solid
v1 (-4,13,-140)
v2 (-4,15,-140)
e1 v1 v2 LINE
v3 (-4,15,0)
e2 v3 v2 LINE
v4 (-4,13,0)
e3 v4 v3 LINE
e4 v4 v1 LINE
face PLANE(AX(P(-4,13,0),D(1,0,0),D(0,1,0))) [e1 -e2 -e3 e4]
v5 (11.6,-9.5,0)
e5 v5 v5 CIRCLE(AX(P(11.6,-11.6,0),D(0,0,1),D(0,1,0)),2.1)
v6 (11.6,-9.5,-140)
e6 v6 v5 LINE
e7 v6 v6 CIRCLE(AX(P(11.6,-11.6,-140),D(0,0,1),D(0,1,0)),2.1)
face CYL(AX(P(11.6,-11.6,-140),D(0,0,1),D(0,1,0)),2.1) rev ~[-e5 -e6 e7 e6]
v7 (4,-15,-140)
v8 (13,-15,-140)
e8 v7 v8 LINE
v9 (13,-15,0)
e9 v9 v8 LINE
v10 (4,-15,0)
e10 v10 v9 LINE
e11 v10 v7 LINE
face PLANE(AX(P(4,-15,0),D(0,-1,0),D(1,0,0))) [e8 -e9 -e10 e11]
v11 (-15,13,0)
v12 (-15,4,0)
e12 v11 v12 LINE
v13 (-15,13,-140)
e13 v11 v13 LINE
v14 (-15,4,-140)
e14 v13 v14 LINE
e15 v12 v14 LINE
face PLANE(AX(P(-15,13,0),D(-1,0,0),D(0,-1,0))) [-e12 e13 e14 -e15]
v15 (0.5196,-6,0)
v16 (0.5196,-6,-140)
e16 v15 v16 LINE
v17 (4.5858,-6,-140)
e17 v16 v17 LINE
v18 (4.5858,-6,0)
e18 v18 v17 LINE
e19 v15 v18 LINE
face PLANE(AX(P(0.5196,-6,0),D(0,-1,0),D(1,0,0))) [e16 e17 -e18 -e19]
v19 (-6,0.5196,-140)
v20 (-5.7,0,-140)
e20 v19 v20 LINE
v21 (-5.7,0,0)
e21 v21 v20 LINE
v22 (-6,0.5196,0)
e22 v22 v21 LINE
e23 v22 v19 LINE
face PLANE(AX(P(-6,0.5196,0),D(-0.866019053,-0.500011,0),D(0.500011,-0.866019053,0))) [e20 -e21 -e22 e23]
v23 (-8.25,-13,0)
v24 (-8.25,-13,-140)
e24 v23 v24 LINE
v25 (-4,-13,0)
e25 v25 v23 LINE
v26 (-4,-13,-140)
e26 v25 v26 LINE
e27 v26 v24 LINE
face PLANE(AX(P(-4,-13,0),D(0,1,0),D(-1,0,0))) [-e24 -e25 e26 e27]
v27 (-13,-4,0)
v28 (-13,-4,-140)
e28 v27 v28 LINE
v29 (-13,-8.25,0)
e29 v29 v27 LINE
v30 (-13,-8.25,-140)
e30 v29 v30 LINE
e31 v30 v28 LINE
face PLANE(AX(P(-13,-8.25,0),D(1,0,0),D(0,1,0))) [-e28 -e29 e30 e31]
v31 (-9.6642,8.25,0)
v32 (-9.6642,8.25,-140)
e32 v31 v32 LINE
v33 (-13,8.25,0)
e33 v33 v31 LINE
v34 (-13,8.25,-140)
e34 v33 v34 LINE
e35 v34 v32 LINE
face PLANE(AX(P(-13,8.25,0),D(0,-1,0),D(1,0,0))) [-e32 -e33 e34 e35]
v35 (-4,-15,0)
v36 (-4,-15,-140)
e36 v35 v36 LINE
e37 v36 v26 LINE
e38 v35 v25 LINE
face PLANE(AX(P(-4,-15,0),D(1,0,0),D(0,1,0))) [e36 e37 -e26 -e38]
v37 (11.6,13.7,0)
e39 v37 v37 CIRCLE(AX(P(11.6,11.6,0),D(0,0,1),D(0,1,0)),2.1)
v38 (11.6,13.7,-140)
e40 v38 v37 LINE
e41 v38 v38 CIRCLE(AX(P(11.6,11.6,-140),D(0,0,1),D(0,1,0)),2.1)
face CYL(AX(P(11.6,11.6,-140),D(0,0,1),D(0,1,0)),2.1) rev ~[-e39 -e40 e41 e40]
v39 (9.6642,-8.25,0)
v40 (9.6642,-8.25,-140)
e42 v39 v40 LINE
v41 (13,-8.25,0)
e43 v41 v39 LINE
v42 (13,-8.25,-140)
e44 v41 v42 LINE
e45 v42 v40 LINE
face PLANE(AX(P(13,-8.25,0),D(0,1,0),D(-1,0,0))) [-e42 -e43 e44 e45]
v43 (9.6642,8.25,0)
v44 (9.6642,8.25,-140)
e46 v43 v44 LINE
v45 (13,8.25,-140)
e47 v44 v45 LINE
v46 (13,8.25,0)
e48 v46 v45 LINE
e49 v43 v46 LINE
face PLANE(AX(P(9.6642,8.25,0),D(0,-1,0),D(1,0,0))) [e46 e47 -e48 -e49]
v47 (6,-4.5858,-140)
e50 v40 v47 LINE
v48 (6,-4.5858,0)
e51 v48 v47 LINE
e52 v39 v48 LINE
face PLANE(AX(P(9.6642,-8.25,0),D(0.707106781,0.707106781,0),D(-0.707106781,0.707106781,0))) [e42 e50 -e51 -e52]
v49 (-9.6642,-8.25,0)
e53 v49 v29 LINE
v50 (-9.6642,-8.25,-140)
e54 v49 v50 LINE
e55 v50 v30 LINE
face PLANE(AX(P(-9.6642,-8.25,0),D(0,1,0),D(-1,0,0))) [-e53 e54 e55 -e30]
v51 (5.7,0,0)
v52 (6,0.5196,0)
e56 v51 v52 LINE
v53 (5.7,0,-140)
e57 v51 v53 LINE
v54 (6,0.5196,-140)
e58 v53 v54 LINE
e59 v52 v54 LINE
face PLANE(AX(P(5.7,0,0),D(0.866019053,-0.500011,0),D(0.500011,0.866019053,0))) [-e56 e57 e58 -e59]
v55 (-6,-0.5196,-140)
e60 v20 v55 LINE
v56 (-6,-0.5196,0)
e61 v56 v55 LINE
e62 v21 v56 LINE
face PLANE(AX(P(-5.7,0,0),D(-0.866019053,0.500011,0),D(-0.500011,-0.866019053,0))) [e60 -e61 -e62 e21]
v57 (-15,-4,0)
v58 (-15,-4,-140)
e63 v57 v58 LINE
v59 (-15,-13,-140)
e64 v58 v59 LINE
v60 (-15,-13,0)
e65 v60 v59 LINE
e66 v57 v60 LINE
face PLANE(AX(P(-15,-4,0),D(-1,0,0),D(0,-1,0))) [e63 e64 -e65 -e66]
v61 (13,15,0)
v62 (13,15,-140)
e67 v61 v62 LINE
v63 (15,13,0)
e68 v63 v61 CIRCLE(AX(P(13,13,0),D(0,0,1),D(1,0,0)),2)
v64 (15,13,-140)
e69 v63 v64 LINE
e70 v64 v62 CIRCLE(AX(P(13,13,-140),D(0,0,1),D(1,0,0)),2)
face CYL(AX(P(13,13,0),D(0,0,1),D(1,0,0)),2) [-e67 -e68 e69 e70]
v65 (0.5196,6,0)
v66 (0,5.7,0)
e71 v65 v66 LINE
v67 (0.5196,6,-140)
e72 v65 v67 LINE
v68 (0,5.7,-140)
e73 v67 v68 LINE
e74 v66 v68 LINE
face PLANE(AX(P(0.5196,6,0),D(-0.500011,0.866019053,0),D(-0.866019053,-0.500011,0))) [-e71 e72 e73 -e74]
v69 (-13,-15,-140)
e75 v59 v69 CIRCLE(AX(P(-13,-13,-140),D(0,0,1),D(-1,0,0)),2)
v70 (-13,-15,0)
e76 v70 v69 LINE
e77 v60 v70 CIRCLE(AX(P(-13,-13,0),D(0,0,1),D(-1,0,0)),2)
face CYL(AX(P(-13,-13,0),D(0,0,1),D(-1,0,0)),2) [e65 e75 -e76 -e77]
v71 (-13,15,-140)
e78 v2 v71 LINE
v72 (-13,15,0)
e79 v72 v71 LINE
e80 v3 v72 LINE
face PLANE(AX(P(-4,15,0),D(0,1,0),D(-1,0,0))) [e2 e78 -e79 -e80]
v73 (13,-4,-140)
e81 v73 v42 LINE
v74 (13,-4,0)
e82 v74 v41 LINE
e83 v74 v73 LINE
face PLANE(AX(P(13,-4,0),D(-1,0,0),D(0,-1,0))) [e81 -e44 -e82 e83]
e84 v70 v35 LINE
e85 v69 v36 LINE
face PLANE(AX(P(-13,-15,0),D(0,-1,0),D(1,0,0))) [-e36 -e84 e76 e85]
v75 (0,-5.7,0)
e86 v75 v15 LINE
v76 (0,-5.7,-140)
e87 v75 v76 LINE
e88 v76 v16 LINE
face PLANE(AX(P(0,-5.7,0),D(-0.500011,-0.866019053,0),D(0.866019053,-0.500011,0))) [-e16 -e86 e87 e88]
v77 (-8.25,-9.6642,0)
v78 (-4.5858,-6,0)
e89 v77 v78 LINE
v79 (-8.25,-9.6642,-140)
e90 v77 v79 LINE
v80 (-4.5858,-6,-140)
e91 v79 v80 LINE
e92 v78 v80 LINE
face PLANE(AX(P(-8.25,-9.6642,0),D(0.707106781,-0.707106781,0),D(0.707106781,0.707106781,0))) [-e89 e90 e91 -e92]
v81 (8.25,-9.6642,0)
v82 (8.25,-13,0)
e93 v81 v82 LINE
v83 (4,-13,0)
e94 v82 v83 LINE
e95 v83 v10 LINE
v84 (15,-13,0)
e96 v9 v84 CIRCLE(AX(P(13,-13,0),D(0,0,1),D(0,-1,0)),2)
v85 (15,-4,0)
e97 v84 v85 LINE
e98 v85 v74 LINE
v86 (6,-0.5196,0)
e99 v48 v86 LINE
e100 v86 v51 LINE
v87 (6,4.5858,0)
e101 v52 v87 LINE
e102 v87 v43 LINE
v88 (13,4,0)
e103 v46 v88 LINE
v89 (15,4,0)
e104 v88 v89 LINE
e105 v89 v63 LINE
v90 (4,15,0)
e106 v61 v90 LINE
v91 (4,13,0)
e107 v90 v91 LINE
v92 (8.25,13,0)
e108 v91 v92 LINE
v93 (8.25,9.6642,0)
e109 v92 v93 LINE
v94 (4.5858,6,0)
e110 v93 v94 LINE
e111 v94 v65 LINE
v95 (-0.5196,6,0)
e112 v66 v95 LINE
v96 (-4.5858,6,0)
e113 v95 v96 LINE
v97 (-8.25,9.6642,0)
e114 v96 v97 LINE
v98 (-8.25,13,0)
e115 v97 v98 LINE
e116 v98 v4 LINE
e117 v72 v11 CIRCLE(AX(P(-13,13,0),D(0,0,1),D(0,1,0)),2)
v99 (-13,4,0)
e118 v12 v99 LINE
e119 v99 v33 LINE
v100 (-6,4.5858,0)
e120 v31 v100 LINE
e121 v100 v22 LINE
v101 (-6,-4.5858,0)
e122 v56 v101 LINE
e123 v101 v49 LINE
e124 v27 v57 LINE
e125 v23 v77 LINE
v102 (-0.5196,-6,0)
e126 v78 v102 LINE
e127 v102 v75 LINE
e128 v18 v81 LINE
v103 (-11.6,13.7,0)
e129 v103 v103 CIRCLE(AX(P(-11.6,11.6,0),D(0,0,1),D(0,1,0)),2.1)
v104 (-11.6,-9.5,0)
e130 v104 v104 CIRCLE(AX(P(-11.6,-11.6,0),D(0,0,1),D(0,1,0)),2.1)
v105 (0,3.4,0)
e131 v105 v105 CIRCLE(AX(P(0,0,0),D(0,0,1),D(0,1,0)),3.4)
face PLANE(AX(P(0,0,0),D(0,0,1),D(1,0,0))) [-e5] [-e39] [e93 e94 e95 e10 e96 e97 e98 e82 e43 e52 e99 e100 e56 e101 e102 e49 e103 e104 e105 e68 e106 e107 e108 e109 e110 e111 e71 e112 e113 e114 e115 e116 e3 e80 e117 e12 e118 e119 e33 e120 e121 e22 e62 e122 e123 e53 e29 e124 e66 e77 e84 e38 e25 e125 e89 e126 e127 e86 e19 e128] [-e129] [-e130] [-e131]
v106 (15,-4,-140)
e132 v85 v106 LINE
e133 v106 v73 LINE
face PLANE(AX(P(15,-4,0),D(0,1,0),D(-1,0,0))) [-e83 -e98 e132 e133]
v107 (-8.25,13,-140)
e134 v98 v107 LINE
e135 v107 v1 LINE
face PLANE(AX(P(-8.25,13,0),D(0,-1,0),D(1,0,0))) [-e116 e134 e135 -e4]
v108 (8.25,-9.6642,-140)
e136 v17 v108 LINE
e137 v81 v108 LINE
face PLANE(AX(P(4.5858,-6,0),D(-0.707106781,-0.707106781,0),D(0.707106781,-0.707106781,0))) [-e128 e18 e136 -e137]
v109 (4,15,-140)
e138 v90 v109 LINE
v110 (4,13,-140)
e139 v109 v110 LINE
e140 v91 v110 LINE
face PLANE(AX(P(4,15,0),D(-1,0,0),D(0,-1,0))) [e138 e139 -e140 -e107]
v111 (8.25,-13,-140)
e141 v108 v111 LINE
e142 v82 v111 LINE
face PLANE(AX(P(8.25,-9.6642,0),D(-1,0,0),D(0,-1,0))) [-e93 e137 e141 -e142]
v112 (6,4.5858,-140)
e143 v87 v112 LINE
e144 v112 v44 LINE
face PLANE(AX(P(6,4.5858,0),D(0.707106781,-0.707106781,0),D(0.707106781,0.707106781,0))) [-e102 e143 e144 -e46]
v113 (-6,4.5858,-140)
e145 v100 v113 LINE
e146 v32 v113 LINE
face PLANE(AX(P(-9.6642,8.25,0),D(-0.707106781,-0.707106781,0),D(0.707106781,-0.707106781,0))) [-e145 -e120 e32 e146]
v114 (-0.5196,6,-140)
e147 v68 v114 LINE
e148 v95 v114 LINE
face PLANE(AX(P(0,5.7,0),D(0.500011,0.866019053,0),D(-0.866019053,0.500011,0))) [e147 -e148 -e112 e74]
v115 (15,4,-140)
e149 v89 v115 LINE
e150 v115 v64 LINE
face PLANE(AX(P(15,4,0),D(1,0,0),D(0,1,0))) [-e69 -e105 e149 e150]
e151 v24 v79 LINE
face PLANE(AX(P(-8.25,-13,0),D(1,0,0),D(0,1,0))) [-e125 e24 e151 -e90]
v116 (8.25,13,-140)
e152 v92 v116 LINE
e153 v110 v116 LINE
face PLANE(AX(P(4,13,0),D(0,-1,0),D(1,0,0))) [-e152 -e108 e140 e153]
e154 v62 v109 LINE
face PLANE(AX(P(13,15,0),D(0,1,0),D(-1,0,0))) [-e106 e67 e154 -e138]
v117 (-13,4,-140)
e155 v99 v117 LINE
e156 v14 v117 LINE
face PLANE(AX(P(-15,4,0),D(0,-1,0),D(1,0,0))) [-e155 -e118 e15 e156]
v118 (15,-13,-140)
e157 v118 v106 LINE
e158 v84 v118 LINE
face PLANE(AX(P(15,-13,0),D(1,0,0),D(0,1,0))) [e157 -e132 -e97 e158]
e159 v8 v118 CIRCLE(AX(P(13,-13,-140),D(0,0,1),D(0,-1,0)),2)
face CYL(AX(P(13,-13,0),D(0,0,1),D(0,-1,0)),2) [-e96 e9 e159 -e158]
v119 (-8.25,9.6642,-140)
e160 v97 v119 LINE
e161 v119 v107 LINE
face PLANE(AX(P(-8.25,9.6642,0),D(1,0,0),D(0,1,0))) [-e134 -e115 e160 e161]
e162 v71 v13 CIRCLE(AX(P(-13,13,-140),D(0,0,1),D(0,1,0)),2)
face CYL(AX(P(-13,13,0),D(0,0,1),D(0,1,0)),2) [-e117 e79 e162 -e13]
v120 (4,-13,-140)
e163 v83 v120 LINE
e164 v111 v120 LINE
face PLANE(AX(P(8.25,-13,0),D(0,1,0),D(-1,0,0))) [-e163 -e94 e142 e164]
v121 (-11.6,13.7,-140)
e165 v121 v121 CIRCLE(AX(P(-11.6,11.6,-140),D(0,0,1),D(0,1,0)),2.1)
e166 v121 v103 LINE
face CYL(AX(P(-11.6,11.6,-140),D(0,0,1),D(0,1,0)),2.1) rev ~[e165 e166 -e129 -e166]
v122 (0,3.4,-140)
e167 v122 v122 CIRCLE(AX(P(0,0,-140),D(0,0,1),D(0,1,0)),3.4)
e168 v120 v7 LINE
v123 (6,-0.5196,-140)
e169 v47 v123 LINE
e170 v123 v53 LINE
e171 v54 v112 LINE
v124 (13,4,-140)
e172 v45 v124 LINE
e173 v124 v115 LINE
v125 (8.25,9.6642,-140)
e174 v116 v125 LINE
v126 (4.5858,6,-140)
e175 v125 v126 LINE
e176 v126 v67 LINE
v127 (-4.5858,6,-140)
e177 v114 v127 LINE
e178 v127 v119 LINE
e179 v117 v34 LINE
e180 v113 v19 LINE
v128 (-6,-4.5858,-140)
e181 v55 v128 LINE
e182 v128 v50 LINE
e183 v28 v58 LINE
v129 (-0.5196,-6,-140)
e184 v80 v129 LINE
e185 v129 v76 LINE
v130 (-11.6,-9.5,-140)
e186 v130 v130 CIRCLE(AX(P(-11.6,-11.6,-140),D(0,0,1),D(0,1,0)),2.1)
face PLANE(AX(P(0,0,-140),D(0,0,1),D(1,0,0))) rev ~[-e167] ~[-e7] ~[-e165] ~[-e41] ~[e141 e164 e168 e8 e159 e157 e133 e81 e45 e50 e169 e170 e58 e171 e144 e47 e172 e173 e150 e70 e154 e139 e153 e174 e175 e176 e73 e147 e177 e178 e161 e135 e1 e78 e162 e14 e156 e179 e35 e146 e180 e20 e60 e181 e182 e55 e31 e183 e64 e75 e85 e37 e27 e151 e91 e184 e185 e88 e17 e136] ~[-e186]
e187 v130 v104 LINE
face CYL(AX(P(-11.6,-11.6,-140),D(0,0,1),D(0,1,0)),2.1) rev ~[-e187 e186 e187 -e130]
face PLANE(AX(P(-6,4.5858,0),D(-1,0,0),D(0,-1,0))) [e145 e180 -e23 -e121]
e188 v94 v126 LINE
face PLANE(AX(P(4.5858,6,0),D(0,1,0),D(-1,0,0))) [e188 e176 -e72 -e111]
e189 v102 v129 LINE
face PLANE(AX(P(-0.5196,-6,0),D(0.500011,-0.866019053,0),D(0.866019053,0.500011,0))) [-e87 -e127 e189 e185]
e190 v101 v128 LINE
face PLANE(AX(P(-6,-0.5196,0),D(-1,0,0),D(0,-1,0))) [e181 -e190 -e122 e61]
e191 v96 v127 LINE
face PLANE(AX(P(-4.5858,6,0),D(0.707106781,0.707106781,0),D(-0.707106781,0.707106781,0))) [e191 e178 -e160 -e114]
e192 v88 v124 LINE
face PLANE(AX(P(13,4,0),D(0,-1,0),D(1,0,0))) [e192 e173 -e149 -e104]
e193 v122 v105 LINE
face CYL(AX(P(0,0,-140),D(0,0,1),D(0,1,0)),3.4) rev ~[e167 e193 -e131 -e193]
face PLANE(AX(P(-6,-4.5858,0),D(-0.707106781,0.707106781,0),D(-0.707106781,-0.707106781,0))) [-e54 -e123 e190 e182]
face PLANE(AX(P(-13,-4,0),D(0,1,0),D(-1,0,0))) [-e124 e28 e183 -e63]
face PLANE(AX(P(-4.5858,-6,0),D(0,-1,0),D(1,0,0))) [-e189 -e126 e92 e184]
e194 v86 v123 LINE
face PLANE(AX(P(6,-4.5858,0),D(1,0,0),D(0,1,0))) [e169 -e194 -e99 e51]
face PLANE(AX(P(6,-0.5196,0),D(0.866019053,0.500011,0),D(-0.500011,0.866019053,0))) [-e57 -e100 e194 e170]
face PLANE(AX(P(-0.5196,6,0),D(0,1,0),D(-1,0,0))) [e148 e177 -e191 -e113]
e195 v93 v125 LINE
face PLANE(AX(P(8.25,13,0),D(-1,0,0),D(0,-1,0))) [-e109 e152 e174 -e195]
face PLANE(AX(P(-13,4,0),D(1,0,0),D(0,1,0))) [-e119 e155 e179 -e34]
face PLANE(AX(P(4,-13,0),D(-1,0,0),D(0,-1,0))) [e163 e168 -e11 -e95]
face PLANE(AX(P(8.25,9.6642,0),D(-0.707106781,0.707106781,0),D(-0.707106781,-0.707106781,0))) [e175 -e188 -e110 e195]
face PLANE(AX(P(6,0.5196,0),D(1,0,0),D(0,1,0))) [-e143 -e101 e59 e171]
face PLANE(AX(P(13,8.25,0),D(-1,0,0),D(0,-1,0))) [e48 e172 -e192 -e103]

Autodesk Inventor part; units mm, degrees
sketch "Sketch_1" plane through (0, 0, 0) normal (0, 0, 1) x (1, 0, 0)
  line L0 (-15, 4) -> (-13, 4)
  line L1 (-13, 4) -> (-13, 8.25)
  line L2 (-13, 8.25) -> (-9.6642, 8.25)
  line L3 (-9.6642, 8.25) -> (-6, 4.5858)
  line L4 (-6, 4.5858) -> (-6, 0.5196)
  line L5 (-6, 0.5196) -> (-5.7, 0)
  line L6 (-5.7, 0) -> (-6, -0.5196)
  line L7 (-6, -0.5196) -> (-6, -4.5858)
  line L8 (-6, -4.5858) -> (-9.6642, -8.25)
  line L9 (-9.6642, -8.25) -> (-13, -8.25)
  line L10 (-13, -8.25) -> (-13, -4)
  line L11 (-13, -4) -> (-15, -4)
  line L12 (-15, -4) -> (-15, -13)
  arc A0 (-15, -13) -> (-13, -15) centre (-13, -13) ccw
  line L13 (-13, -15) -> (-4, -15)
  line L14 (-4, -15) -> (-4, -13)
  line L15 (-4, -13) -> (-8.25, -13)
  line L16 (-8.25, -13) -> (-8.25, -9.6642)
  line L17 (-8.25, -9.6642) -> (-4.5858, -6)
  line L18 (-4.5858, -6) -> (-0.5196, -6)
  line L19 (-0.5196, -6) -> (0, -5.7)
  line L20 (0, -5.7) -> (0.5196, -6)
  line L21 (0.5196, -6) -> (4.5858, -6)
  line L22 (4.5858, -6) -> (8.25, -9.6642)
  line L23 (8.25, -9.6642) -> (8.25, -13)
  line L24 (8.25, -13) -> (4, -13)
  line L25 (4, -13) -> (4, -15)
  line L26 (4, -15) -> (13, -15)
  arc A1 (13, -15) -> (15, -13) centre (13, -13) ccw
  line L27 (15, -13) -> (15, -4)
  line L28 (15, -4) -> (13, -4)
  line L29 (13, -4) -> (13, -8.25)
  line L30 (13, -8.25) -> (9.6642, -8.25)
  line L31 (9.6642, -8.25) -> (6, -4.5858)
  line L32 (6, -4.5858) -> (6, -0.5196)
  line L33 (6, -0.5196) -> (5.7, 0)
  line L34 (5.7, 0) -> (6, 0.5196)
  line L35 (6, 0.5196) -> (6, 4.5858)
  line L36 (6, 4.5858) -> (9.6642, 8.25)
  line L37 (9.6642, 8.25) -> (13, 8.25)
  line L38 (13, 8.25) -> (13, 4)
  line L39 (13, 4) -> (15, 4)
  line L40 (15, 4) -> (15, 13)
  arc A2 (15, 13) -> (13, 15) centre (13, 13) ccw
  line L41 (13, 15) -> (4, 15)
  line L42 (4, 15) -> (4, 13)
  line L43 (4, 13) -> (8.25, 13)
  line L44 (8.25, 13) -> (8.25, 9.6642)
  line L45 (8.25, 9.6642) -> (4.5858, 6)
  line L46 (4.5858, 6) -> (0.5196, 6)
  line L47 (0.5196, 6) -> (0, 5.7)
  line L48 (0, 5.7) -> (-0.5196, 6)
  line L49 (-0.5196, 6) -> (-4.5858, 6)
  line L50 (-4.5858, 6) -> (-8.25, 9.6642)
  line L51 (-8.25, 9.6642) -> (-8.25, 13)
  line L52 (-8.25, 13) -> (-4, 13)
  line L53 (-4, 13) -> (-4, 15)
  line L54 (-4, 15) -> (-13, 15)
  arc A3 (-13, 15) -> (-15, 13) centre (-13, 13) ccw
  line L55 (-15, 13) -> (-15, 4)
extrude "Extrusion1" add sketch "Sketch_1" against normal blind 140
sketch "Sketch2" plane through (0, 0, -140) normal (0, 0, -1) x (-1, 0, 0)
  point P0 (0, 0)
hole "Hole1" at (0, 0, -140) direction (0, 0, 1) diameter 6.8 depth 140
sketch "Sketch3" plane through (0, 0, -140) normal (0, 0, -1) x (-1, 0, 0)
  point P0 (-11.6, 11.6)
hole "Hole2" at (11.6, 11.6, -140) direction (0, 0, 1) diameter 4.2 depth 140
pattern_linear "Rectangular Pattern1" count 2 spacing 23.2 along (-1, 0, 0) count 2 spacing 23.2 along (0, -1, 0) of "Hole2"
ref_plane "C1_XY" through (0, 0, 0) normal (0, 0, 1) x (1, 0, 0)
ref_plane "C1_YZ" through (0, 0, 0) normal (1, 0, 0) x (0, 1, 0)
ref_plane "C1_ZX" through (0, 0, 0) normal (0, 1, 0) x (0, 0, 1)
ref_plane "to_frame_cap1_XY" through (0, 0, 0) normal (0, 0, 1) x (1, 0, 0)
ref_plane "to_frame_cap1_YZ" through (0, 0, 0) normal (1, 0, 0) x (0, 1, 0)
ref_plane "to_frame_cap1_ZX" through (0, 0, 0) normal (0, 1, 0) x (0, 0, 1)
ref_plane "to_frame_cap2_XY" through (0, 0, -140) normal (0, 0, -1) x (1, 0, 0)
ref_plane "to_frame_cap2_YZ" through (0, 0, -140) normal (1, 0, 0) x (0, -1, 0)
ref_plane "to_frame_cap2_ZX" through (0, 0, -140) normal (0, -1, 0) x (0, 0, -1)
properties part number "HFS6-3030-140"
